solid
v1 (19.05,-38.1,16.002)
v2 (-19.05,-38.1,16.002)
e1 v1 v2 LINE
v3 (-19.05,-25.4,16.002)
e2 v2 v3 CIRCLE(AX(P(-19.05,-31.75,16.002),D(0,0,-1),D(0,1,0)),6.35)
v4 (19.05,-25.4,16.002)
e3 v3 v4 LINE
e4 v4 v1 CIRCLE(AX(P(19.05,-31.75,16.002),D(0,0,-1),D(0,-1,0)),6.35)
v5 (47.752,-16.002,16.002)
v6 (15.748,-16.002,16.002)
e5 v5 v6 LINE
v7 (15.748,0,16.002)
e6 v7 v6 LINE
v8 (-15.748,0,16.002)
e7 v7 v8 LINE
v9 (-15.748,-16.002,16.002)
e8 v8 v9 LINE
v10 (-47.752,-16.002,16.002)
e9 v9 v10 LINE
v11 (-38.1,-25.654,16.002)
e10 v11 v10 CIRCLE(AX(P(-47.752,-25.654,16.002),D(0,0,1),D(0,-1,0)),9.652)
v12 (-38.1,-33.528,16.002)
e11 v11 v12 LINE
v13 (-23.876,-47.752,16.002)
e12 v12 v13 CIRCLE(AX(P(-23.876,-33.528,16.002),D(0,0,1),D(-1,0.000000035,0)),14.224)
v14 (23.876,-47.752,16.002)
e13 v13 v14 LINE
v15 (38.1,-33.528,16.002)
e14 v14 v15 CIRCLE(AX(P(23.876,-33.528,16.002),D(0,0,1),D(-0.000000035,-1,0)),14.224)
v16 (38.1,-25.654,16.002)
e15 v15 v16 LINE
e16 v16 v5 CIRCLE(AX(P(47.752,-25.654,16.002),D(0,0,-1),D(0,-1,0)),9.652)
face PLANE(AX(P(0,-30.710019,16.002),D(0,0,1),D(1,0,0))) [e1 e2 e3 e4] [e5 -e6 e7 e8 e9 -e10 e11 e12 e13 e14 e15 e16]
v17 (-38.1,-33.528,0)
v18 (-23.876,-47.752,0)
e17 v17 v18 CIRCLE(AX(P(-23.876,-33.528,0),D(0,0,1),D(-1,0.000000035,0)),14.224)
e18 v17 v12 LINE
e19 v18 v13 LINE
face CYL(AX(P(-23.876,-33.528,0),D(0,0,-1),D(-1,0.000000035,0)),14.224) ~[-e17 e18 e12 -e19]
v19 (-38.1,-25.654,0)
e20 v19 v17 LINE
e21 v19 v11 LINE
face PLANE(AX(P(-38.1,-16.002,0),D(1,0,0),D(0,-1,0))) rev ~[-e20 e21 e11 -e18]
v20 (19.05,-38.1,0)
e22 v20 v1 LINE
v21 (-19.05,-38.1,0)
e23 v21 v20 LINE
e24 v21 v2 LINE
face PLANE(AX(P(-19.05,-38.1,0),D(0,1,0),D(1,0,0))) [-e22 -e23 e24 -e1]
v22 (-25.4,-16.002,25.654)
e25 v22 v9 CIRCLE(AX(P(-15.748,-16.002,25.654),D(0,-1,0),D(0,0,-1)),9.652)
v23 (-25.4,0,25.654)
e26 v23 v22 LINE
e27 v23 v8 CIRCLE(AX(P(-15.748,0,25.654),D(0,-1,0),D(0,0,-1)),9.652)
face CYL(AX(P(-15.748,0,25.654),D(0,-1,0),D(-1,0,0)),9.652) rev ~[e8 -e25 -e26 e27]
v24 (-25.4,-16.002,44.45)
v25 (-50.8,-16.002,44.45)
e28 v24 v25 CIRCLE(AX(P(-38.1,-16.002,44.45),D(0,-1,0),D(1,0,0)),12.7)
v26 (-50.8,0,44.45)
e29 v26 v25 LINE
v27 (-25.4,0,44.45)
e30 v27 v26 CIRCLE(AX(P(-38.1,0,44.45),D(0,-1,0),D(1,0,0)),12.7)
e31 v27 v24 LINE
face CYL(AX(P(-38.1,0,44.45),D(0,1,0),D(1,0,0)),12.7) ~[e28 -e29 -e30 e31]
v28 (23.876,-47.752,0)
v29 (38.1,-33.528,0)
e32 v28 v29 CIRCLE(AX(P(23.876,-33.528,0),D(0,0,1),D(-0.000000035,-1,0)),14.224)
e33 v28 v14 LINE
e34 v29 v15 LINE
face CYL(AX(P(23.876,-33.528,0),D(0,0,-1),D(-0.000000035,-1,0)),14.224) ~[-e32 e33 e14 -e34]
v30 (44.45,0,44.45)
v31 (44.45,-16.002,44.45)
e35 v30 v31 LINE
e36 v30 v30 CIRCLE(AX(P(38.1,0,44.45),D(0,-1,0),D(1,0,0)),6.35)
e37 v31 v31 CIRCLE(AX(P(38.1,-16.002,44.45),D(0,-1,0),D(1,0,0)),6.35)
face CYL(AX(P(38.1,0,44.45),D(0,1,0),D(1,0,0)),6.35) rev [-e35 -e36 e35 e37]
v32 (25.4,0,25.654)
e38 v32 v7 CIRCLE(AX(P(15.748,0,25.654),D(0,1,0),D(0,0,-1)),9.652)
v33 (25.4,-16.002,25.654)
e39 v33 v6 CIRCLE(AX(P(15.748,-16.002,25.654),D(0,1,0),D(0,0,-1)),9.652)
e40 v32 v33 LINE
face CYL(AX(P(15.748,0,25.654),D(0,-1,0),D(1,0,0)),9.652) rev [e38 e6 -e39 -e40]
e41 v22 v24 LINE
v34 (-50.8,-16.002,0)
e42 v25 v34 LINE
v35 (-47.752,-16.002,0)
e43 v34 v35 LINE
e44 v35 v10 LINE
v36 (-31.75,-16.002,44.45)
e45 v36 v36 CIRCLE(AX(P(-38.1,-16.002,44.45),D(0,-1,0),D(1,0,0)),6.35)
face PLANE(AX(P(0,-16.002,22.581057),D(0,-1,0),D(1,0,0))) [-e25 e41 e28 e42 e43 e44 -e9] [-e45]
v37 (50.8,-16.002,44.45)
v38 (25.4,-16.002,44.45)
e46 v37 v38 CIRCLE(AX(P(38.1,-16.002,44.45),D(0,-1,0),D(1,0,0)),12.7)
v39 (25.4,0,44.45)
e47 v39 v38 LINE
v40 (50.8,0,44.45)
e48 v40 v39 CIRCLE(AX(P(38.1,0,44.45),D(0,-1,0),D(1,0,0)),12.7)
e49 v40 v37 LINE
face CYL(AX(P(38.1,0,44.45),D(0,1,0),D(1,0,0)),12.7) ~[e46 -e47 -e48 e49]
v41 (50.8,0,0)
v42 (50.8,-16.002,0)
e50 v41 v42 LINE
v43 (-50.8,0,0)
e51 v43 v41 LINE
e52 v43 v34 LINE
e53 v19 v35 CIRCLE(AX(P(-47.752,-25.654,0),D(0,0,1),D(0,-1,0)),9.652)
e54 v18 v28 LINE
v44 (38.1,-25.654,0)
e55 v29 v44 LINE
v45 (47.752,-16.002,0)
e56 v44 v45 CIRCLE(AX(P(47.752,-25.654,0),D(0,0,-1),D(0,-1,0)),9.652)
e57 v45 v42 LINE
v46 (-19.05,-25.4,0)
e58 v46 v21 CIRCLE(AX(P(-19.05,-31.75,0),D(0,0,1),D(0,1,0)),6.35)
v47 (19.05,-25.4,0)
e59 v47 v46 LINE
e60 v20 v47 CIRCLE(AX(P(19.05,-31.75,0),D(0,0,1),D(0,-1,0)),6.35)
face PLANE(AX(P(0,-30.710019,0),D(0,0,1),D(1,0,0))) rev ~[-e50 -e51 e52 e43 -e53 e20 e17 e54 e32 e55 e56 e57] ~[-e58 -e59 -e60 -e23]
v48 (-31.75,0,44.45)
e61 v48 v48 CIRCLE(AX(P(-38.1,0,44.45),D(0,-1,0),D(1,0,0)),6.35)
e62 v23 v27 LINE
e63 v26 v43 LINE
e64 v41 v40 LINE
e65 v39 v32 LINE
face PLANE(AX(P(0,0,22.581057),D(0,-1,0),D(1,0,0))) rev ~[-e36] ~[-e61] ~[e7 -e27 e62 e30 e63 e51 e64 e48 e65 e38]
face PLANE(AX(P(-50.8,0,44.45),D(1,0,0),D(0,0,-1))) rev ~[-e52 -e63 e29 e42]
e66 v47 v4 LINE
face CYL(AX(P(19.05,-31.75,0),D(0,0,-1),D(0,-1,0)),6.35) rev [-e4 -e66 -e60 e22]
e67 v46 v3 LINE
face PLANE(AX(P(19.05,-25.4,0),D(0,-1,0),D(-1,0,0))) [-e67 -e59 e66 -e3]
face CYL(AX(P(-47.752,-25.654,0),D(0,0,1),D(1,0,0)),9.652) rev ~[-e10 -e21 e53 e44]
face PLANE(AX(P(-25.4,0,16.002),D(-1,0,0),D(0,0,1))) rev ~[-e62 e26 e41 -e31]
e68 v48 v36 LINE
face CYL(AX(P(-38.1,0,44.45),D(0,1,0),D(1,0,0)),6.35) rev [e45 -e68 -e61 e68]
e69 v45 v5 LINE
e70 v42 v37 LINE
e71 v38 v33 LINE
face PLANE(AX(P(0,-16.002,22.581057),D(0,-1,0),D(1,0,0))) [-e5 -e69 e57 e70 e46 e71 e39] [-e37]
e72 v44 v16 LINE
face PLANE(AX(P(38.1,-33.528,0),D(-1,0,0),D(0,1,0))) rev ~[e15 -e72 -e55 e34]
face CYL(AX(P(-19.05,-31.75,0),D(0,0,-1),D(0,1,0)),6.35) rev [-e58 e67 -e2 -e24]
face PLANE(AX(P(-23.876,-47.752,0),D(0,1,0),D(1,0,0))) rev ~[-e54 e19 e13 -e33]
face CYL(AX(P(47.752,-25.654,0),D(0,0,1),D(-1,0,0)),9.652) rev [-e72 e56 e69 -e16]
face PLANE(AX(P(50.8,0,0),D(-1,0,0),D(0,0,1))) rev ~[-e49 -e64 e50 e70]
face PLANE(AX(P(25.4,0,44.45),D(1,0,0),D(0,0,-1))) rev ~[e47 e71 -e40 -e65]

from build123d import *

# Parameters (mm, degrees)
F0_R     = 6.35
F1_DEPTH = 16.002
F2_R     = 9.652
F5_DEPTH = 16.002
F6_R     = 9.652
F7_DEPTH = 57.151


with BuildPart() as f1:
    # F0 (on Front) → F1 (new body)
    with BuildSketch(Plane.XZ):
        with BuildLine():
            Line((-50.8, 0), (0, 0))
            Line((0, 0), (50.8, 0))
            Line((50.8, 0), (50.8, 44.45))
            ThreePointArc((50.8, 44.45), (38.1, 57.15), (25.4, 44.45))
            Line((25.4, 44.45), (25.4, 16.002))
            Line((25.4, 16.002), (0, 16.002))
            Line((0, 16.002), (-25.4, 16.002))
            Line((-25.4, 16.002), (-25.4, 44.45))
            ThreePointArc((-25.4, 44.45), (-38.1, 57.15), (-50.8, 44.45))
            Line((-50.8, 44.45), (-50.8, 0))
        make_face()
        with Locations((-38.1, 44.45)):
            Circle(F0_R, mode=Mode.SUBTRACT)
        with Locations((38.1, 44.45)):
            Circle(F0_R, mode=Mode.SUBTRACT)
    extrude(amount=F1_DEPTH)

    # F2
    f2_edges = [f1.edges().sort_by_distance(p)[0] for p in [
        (-25.4, -8.001, 16.002),
        (25.4, -8.001, 16.002),
    ]]
    fillet(f2_edges, radius=F2_R)

    # F3 (on Top) → F5 (join)
    with BuildSketch(Plane.XY):
        with BuildLine():
            Line((38.1, -16.002), (0, -16.002))
            Line((0, -16.002), (-38.1, -16.002))
            Line((-38.1, -16.002), (-38.1, -33.528))
            ThreePointArc((-38.1, -33.528), (-33.933887, -43.585887), (-23.876, -47.752))
            Line((-23.876, -47.752), (0, -47.752))
            Line((0, -47.752), (23.876, -47.752))
            ThreePointArc((23.876, -47.752), (33.933887, -43.585887), (38.1, -33.528))
            Line((38.1, -33.528), (38.1, -16.002))
        make_face()
    extrude(amount=F5_DEPTH)

    # F6
    f6_edges = [f1.edges().sort_by_distance(p)[0] for p in [
        (-38.1, -16.002, 8.001),
        (38.1, -16.002, 8.001),
    ]]
    fillet(f6_edges, radius=F6_R)

    # F4 (on Top) → F7 (cut, through all)
    with BuildSketch(Plane.XY):
        with BuildLine():
            Line((19.05, -25.4), (0, -25.4))
            Line((0, -25.4), (-19.05, -25.4))
            ThreePointArc((-19.05, -25.4), (-25.4, -31.75), (-19.05, -38.1))
            Line((-19.05, -38.1), (0, -38.1))
            Line((0, -38.1), (19.05, -38.1))
            ThreePointArc((19.05, -38.1), (25.4, -31.75), (19.05, -25.4))
        make_face()
    extrude(amount=F7_DEPTH, mode=Mode.SUBTRACT)


solid = f1.part
